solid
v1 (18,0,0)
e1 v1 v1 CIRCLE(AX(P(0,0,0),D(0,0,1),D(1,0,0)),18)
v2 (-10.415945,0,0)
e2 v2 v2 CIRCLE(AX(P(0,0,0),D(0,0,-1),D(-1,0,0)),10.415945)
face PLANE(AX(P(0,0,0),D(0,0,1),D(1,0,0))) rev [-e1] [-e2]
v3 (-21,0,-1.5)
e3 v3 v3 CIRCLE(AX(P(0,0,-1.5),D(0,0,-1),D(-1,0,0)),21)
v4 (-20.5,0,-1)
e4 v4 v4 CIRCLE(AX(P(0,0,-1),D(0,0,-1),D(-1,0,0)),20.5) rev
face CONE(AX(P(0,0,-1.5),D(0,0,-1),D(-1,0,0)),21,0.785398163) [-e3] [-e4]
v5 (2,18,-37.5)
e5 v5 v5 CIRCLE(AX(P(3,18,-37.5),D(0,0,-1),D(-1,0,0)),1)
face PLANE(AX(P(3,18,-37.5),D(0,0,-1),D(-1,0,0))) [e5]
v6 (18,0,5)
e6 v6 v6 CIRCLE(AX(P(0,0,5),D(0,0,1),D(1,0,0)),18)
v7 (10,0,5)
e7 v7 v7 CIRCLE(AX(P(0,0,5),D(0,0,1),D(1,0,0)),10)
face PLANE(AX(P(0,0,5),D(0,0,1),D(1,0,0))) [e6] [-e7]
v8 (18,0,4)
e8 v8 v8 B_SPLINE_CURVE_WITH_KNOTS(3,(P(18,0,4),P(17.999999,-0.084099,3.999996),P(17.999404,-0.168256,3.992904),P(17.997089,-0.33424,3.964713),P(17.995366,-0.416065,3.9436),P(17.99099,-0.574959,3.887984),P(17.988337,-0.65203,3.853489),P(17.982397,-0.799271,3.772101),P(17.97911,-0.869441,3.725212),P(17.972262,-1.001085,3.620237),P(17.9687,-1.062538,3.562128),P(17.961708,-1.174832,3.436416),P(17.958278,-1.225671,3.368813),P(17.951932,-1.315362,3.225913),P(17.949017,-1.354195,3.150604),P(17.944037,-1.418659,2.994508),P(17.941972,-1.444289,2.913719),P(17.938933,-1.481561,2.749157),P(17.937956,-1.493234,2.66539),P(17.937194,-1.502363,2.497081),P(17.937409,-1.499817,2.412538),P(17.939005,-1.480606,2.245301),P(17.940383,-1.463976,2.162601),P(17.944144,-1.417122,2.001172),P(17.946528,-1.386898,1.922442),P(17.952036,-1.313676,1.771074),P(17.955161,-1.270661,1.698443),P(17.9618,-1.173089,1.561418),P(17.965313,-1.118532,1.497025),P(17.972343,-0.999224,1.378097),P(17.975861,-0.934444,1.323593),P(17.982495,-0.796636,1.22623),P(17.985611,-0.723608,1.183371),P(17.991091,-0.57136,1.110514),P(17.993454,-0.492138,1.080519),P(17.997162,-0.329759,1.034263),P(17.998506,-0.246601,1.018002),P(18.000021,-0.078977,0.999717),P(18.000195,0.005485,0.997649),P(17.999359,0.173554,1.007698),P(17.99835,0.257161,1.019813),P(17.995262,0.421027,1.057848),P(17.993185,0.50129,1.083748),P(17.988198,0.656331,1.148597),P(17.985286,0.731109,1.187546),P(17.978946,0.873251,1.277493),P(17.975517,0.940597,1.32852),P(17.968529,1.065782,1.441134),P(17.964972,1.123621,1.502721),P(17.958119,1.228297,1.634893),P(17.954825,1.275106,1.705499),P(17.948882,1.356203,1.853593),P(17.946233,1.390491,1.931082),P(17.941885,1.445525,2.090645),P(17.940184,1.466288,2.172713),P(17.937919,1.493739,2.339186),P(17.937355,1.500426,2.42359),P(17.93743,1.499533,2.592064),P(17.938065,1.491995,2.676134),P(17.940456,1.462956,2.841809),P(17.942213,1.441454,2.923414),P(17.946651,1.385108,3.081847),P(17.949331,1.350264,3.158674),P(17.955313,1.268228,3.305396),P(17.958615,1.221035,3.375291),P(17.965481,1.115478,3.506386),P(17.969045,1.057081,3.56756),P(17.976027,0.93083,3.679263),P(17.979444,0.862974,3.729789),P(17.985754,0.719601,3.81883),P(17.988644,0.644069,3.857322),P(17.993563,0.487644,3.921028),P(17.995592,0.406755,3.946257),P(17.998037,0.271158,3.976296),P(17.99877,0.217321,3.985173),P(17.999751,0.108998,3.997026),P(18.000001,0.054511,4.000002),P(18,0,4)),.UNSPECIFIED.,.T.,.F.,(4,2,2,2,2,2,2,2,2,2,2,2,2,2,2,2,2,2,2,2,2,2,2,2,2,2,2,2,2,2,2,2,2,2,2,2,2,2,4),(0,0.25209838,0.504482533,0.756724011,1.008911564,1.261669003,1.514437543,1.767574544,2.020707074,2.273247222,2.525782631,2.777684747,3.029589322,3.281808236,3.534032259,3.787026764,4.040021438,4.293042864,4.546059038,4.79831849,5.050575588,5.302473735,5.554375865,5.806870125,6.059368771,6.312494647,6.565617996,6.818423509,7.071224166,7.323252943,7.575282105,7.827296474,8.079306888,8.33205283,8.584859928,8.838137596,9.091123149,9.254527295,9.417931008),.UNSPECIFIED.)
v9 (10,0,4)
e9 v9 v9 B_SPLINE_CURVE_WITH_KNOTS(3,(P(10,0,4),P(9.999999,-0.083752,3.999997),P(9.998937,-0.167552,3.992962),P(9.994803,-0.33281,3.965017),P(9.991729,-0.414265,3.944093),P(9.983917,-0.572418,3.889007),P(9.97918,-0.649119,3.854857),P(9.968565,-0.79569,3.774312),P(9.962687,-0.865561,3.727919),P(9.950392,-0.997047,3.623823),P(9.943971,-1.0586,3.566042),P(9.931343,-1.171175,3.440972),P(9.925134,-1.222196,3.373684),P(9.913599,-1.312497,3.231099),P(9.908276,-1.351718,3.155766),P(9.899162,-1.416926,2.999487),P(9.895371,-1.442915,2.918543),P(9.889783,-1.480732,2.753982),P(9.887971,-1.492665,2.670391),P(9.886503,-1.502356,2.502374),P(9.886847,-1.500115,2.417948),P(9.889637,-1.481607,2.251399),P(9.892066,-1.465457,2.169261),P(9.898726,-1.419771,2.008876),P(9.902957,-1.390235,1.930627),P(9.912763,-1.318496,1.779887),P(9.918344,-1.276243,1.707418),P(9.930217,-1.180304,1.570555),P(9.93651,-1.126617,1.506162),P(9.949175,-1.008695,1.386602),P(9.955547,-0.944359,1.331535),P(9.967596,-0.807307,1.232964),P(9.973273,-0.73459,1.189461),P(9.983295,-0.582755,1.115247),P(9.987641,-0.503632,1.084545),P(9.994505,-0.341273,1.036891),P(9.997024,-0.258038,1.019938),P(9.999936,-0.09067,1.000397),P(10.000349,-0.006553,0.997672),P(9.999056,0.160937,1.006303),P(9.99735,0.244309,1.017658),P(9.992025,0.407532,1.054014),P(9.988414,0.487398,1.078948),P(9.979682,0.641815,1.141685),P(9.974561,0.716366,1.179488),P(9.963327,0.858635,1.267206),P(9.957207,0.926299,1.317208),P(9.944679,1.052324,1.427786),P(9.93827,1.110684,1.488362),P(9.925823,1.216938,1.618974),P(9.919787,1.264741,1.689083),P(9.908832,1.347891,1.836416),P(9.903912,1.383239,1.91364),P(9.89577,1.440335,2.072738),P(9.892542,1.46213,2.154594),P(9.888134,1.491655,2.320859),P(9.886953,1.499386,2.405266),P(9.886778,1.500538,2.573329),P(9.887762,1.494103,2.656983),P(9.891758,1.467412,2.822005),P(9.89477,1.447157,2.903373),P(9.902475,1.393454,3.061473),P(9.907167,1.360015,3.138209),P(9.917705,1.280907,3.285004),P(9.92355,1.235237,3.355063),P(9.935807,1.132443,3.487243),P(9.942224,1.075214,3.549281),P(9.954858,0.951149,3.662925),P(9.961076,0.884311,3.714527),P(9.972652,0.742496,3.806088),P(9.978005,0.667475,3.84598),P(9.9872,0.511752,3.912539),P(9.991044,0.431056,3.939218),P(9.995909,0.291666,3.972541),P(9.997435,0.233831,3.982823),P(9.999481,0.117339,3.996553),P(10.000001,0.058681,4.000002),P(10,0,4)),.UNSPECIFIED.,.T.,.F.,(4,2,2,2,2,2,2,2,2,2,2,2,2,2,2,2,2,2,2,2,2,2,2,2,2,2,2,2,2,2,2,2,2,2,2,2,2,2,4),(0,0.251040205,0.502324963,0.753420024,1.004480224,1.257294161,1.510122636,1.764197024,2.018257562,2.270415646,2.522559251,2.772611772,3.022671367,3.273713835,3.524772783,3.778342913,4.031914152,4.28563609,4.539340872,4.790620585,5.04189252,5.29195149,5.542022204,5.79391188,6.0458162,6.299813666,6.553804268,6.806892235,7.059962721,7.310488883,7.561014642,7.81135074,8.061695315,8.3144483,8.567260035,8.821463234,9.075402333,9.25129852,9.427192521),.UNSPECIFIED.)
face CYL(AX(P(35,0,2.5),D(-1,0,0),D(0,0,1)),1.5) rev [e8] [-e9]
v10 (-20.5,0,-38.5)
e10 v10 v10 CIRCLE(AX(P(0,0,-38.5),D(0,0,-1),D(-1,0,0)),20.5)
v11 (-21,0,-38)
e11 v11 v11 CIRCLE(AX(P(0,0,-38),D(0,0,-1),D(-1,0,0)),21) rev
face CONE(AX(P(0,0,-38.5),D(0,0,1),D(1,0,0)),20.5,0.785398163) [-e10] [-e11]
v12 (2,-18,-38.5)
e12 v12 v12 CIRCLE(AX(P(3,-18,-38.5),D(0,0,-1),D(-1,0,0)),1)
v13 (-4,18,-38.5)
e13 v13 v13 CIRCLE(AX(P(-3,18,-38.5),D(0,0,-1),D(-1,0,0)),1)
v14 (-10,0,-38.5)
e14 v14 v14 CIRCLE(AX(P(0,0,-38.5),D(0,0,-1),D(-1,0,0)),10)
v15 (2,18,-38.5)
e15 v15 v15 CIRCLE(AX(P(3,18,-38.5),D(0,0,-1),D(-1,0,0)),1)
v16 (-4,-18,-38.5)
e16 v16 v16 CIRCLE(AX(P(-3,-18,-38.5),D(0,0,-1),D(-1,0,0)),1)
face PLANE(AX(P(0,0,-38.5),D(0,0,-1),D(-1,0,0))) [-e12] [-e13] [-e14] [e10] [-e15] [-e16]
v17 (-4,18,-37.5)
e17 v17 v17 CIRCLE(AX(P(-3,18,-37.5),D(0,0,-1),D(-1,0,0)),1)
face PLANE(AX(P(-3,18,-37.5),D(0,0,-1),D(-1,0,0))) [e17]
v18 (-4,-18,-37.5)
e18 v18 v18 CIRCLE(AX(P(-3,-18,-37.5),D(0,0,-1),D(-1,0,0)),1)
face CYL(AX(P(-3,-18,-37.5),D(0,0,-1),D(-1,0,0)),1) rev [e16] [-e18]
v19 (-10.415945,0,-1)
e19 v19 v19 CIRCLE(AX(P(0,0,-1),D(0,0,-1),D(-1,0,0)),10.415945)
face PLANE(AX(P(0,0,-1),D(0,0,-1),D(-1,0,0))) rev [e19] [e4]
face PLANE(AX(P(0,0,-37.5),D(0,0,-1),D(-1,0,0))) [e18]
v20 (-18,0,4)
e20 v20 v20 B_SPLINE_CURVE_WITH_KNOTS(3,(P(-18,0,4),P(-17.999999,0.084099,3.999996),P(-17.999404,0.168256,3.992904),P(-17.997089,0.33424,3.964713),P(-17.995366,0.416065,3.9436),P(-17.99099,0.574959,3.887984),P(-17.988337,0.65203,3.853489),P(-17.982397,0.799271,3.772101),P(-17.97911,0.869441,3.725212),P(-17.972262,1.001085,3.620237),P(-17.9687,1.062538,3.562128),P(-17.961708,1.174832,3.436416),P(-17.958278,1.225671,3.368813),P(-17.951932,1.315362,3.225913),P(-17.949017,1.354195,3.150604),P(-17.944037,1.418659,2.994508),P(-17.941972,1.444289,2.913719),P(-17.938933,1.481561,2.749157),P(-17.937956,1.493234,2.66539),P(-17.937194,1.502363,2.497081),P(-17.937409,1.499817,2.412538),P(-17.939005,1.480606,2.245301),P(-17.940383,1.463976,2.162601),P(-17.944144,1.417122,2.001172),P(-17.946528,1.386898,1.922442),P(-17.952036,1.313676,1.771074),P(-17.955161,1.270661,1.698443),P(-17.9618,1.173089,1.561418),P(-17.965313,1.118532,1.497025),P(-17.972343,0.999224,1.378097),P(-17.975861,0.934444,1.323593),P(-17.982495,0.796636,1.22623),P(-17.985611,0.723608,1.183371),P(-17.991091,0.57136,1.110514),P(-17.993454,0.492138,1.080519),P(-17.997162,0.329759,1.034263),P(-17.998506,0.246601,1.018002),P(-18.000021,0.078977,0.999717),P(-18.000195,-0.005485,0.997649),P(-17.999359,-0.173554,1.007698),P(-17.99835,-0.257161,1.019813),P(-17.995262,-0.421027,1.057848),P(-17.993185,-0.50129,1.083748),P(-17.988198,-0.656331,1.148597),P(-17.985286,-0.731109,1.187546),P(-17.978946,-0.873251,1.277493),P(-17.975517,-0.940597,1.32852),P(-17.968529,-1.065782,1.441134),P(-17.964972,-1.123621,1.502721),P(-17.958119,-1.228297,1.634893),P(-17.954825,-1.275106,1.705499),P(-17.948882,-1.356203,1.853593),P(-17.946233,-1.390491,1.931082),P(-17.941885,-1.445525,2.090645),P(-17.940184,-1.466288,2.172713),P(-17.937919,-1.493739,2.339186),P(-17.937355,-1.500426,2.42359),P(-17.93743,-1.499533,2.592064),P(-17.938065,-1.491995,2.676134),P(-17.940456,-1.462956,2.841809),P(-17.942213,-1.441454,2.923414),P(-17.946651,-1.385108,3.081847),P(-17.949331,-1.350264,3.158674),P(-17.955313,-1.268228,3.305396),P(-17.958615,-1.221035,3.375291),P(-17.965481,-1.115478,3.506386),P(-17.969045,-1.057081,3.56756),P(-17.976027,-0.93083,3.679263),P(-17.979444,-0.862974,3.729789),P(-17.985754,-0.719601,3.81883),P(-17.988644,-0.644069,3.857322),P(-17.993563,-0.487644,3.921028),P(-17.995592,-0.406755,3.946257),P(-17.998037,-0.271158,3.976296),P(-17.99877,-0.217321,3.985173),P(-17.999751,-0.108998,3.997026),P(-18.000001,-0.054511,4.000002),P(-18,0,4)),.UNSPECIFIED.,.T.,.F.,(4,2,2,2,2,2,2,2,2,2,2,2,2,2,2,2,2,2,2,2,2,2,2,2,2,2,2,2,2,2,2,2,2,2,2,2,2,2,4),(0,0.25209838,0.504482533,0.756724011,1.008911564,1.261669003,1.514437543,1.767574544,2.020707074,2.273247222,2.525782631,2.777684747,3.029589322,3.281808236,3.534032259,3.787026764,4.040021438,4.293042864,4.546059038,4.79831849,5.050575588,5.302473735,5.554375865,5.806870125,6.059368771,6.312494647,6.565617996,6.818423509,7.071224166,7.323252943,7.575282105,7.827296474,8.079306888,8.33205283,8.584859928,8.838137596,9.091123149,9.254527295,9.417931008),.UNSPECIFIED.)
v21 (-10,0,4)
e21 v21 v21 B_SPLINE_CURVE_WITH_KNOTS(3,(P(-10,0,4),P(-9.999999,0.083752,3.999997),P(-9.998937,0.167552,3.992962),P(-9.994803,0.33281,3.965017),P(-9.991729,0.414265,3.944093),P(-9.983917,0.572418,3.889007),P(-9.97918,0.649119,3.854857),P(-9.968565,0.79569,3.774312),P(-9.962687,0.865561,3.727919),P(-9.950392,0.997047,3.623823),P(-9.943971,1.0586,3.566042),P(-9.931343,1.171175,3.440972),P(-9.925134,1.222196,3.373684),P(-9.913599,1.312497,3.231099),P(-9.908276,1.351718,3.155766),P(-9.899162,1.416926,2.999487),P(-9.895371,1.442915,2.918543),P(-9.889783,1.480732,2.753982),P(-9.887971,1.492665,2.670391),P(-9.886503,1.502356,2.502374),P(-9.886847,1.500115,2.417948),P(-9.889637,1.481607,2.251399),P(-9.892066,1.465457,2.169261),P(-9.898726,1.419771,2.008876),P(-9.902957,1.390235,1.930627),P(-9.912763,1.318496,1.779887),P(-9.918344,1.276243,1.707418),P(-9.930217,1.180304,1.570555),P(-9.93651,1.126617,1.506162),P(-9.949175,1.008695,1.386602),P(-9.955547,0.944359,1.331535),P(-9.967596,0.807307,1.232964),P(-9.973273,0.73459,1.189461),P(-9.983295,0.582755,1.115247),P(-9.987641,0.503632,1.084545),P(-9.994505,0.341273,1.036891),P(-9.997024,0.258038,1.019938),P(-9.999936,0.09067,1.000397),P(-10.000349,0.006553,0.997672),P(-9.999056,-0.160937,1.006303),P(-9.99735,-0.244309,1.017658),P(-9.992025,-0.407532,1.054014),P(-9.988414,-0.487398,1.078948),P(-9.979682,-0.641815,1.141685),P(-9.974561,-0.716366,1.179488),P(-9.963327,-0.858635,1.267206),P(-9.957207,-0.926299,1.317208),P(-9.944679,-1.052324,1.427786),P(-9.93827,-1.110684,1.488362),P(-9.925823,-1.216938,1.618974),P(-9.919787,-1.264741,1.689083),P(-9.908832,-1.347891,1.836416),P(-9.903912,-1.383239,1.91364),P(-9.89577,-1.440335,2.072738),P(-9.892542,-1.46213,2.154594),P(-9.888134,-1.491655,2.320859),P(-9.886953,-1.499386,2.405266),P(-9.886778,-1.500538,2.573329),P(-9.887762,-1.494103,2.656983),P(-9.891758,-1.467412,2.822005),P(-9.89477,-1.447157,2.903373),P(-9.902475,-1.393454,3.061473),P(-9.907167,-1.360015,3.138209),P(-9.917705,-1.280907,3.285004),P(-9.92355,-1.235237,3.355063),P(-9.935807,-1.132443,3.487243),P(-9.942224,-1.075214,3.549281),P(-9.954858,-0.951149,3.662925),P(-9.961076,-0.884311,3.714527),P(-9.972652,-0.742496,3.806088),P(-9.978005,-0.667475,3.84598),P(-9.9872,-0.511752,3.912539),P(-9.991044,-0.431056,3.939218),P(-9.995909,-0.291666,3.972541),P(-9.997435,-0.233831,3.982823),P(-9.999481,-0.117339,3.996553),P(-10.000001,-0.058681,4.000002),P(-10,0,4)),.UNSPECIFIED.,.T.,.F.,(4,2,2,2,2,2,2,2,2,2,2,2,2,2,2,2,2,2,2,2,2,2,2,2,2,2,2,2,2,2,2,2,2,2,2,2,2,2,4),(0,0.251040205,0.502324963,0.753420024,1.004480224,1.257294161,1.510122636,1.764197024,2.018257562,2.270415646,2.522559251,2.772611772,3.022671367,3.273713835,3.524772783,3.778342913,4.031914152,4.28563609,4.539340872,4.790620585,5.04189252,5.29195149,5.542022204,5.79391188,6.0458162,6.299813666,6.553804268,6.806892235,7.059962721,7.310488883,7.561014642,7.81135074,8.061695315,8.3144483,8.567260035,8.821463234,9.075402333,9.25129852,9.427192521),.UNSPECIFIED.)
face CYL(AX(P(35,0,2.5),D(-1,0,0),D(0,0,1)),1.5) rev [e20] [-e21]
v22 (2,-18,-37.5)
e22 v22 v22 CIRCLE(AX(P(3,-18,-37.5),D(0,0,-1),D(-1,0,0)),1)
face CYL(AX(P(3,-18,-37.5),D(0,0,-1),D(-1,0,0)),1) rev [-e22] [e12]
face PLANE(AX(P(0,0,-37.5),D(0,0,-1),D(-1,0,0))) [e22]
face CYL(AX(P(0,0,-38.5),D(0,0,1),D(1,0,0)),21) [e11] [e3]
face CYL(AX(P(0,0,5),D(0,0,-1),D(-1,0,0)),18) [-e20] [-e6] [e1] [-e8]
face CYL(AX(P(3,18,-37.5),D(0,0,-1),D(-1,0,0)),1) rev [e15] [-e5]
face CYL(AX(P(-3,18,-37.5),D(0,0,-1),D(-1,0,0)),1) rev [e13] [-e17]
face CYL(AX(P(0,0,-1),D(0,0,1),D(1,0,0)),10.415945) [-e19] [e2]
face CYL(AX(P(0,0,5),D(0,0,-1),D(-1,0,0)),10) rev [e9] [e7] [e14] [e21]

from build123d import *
from build123d.topology import SkipClean

# Parameters (mm, degrees)
SKETCH_1_R               = 18
SKETCH_1_R_2             = 10
EXTRUDE_1_DEPTH          = 5
CUT_EXTRUDE_1_DEPTH      = 35
CUT_EXTRUDE_1_DEPTH_BACK = 19
SKETCH_2_R               = 1.5
EXTRUDE_START            = 1
SKETCH_3_R               = 10.41594451
SKETCH_3_R_2             = 10
EXTRUDE_2_DEPTH          = 1
EXTRUDE_START_2          = 37.5
SKETCH_4_R               = 21
SKETCH_4_R_2             = 10
EXTRUDE_3_DEPTH          = 37.5
CHAMFER_1_SIZE           = 0.5
SKETCH_5_R               = 1
CUT_EXTRUDE_2_DEPTH      = 1


with BuildPart() as part:
    # 草图1 → 凸台-拉伸1 (new body)
    with BuildSketch(Plane.XY):
        Circle(SKETCH_1_R)
        Circle(SKETCH_1_R_2, mode=Mode.SUBTRACT)
    extrude(amount=EXTRUDE_1_DEPTH)

    # 草图2 → 切除-拉伸1 (cut, two sides: drawn at the far end of the back side and taken through both)
    with BuildSketch(Plane(origin=(0, 0, 0), x_dir=(0, 0, -1), z_dir=(1, 0, 0)).offset(-CUT_EXTRUDE_1_DEPTH_BACK)):
        with Locations(Location((-2.5, 0, 0), (0, 0, 180))):
            Circle(SKETCH_2_R)
    extrude(amount=CUT_EXTRUDE_1_DEPTH + CUT_EXTRUDE_1_DEPTH_BACK, mode=Mode.SUBTRACT)

    # 草图3 → 凸台-拉伸2 (add)
    with SkipClean():  # the faces are left unmerged after this step: merging them gives an invalid solid
        with BuildSketch(Plane(origin=(0, 0, 0), x_dir=(-1, 0, 0), z_dir=(0, 0, -1)).offset(EXTRUDE_START)):
            Circle(SKETCH_3_R)
            Circle(SKETCH_3_R_2, mode=Mode.SUBTRACT)
        extrude(amount=-EXTRUDE_2_DEPTH)

    # 草图4 → 凸台-拉伸3 (add)
    with SkipClean():  # the faces are left unmerged after this step: merging them gives an invalid solid
        with BuildSketch(Plane(origin=(0, 0, -1), x_dir=(-1, 0, 0), z_dir=(0, 0, -1)).offset(EXTRUDE_START_2)):
            Circle(SKETCH_4_R)
            Circle(SKETCH_4_R_2, mode=Mode.SUBTRACT)
        extrude(amount=-EXTRUDE_3_DEPTH)

    # 倒角1
    chamfer_1_edges = [part.edges().sort_by_distance(p)[0] for p in [
        (21, 0, -38.5),
        (21, 0, -1),
    ]]
    chamfer(chamfer_1_edges, length=CHAMFER_1_SIZE)

    # 草图5 → 切除-拉伸2 (cut)
    with BuildSketch(Plane(origin=(0, 0, -38.5), x_dir=(-1, 0, 0), z_dir=(0, 0, -1))):
        with Locations((3, -18)):
            Circle(SKETCH_5_R)
        with Locations((-3, -18)):
            Circle(SKETCH_5_R)
        with Locations((-3, 18)):
            Circle(SKETCH_5_R)
        with Locations((3, 18)):
            Circle(SKETCH_5_R)
    extrude(amount=-CUT_EXTRUDE_2_DEPTH, mode=Mode.SUBTRACT)


solid = part.part
